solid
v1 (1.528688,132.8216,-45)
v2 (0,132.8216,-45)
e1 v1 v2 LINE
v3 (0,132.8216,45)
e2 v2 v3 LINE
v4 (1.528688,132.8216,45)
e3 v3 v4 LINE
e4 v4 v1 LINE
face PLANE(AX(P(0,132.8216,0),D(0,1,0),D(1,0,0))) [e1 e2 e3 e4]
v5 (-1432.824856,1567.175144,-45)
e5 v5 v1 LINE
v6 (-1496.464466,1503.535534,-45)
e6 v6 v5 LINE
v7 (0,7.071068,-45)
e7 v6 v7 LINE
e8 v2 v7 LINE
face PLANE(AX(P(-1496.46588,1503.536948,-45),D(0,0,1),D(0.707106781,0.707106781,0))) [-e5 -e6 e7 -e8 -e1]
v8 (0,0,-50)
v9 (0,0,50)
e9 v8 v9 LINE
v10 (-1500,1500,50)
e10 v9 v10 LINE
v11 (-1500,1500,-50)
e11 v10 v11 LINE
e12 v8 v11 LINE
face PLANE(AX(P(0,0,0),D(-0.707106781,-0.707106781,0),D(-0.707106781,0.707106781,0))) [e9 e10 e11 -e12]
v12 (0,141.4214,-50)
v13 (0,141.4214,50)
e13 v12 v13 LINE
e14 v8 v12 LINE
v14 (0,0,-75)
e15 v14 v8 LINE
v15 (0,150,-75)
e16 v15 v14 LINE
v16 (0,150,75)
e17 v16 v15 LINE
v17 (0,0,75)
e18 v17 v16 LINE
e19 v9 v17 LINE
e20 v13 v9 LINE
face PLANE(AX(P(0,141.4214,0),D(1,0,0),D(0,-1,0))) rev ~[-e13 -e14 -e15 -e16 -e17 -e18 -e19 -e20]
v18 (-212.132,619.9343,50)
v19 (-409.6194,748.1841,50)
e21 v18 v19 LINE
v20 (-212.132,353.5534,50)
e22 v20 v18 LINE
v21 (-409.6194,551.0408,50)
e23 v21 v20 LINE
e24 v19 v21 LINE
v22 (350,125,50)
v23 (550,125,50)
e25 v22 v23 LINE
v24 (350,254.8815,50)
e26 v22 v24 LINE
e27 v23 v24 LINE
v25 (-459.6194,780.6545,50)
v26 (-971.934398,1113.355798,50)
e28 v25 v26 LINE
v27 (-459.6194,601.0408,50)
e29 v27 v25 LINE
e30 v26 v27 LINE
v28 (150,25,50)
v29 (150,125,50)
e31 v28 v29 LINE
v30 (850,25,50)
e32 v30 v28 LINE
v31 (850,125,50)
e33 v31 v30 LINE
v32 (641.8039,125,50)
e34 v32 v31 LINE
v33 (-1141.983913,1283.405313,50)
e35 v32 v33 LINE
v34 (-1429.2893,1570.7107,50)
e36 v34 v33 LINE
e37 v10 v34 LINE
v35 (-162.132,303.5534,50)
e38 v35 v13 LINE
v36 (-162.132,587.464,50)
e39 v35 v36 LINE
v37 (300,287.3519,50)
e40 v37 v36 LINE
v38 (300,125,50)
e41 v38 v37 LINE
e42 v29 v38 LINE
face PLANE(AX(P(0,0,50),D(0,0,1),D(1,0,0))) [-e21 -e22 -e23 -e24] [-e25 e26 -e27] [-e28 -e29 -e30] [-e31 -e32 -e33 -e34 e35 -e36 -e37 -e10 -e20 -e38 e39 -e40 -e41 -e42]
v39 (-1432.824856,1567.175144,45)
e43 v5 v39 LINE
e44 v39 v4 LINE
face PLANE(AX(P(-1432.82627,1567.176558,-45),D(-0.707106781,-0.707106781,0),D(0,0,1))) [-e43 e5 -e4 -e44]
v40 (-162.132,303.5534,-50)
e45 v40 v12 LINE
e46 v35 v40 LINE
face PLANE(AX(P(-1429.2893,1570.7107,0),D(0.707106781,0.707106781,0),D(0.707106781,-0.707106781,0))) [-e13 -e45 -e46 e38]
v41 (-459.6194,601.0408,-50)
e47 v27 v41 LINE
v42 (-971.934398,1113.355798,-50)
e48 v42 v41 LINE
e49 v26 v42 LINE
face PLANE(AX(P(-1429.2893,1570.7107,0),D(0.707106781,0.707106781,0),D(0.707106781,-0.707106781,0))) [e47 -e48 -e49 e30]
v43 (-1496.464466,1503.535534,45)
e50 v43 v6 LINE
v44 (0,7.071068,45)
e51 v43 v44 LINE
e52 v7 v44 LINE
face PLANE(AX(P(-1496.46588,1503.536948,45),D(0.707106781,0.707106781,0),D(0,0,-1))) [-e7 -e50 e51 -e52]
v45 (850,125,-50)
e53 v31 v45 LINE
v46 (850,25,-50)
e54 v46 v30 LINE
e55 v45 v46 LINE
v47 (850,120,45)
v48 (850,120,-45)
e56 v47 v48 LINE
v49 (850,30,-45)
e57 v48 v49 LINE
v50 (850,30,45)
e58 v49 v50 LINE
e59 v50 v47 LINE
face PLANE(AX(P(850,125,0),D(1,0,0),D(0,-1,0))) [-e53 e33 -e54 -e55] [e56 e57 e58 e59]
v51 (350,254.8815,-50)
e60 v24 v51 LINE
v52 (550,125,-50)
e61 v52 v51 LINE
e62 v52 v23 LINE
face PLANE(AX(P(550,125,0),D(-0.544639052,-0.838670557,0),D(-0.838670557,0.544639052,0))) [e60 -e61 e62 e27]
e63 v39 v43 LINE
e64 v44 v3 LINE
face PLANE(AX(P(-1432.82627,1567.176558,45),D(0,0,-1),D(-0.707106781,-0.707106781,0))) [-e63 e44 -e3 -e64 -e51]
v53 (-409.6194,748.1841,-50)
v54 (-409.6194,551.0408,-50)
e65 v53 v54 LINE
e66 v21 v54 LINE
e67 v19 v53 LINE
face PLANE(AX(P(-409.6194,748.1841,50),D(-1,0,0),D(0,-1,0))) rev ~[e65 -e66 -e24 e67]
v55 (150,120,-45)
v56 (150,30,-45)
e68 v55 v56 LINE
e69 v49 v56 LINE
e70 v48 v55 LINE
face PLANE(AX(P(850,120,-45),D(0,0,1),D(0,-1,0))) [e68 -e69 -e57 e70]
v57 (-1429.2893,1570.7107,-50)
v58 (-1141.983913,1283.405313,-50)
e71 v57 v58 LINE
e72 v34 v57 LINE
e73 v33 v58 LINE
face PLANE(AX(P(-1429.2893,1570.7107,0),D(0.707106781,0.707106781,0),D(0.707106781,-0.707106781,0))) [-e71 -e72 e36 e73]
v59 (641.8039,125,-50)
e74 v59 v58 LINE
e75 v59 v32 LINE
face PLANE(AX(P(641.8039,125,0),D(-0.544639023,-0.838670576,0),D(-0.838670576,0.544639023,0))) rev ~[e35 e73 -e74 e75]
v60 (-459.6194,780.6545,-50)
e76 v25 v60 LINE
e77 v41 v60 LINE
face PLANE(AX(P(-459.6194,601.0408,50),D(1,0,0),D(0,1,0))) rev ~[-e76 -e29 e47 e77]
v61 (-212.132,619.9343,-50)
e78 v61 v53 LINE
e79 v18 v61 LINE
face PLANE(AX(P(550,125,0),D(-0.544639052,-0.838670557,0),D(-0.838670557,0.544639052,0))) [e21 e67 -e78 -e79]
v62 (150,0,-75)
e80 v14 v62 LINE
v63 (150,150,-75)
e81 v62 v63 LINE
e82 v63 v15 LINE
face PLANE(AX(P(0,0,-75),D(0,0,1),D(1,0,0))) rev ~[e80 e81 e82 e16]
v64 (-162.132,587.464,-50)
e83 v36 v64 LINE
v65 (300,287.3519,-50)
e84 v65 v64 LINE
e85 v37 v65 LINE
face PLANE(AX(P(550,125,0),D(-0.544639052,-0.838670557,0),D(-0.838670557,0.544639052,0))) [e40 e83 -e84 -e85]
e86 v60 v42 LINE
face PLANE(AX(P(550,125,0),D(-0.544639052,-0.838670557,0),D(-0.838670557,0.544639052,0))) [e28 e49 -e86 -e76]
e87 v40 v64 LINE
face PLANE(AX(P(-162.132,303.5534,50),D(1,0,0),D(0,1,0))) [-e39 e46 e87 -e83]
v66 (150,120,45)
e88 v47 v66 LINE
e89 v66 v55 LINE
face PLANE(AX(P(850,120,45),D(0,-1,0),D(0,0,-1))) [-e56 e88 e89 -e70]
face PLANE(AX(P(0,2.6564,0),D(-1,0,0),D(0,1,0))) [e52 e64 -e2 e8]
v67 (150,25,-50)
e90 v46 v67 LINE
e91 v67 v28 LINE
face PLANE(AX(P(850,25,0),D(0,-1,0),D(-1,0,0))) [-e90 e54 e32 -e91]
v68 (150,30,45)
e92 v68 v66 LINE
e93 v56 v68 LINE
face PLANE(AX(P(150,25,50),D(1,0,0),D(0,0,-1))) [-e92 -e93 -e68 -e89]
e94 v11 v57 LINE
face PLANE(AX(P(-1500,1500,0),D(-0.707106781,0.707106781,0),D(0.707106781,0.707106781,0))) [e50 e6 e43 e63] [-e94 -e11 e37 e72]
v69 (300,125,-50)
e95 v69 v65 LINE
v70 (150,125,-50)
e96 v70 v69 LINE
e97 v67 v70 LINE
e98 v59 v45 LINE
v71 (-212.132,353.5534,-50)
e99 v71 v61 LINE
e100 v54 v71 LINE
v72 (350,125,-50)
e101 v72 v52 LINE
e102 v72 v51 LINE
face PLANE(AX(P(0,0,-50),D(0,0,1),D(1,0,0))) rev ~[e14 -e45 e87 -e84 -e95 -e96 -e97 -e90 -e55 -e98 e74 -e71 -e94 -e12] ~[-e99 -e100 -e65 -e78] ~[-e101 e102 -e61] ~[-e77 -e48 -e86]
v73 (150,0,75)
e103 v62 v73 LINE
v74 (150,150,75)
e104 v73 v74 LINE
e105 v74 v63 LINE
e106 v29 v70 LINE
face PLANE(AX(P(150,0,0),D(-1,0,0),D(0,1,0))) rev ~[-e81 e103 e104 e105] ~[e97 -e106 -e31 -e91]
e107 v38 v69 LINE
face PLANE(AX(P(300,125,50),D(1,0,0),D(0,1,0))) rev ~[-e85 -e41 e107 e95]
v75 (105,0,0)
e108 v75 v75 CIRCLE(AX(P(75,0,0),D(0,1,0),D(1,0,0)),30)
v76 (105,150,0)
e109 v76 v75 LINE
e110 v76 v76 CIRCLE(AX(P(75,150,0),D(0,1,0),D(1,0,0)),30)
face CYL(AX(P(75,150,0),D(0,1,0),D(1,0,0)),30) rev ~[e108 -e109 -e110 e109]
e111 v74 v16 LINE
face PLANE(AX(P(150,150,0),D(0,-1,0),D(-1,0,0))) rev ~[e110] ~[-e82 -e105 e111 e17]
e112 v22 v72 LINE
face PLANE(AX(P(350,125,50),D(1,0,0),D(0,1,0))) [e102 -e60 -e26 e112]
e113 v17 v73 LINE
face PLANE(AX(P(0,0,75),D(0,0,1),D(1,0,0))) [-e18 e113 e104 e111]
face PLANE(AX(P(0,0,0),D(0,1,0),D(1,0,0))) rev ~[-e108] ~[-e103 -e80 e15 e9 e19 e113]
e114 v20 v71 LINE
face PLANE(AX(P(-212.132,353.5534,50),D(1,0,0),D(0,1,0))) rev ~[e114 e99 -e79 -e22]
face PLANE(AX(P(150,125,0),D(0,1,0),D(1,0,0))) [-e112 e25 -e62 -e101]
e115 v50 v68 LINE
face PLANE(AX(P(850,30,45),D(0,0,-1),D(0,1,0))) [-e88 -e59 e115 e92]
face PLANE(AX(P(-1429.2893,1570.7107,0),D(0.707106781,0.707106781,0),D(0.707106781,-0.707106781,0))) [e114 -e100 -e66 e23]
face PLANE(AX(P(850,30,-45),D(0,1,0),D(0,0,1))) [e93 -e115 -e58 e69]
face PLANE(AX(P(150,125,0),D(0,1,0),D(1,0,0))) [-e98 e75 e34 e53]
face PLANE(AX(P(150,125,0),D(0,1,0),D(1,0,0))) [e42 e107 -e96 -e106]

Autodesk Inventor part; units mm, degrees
ref_plane "YZ Plane" through (0, 0, 0) normal (1, 0, 0) x (0, 1, 0)
ref_plane "XZ Plane" through (0, 0, 0) normal (0, 1, 0) x (-1, 0, 0)
ref_plane "XY Plane" through (0, 0, 0) normal (0, 0, 1) x (1, 0, 0)
sketch "Sketch1" plane through (0, 0, 0) normal (0, 0, 1) x (1, 0, 0)
  line L0 (0, 0) -> (150, 0)
  line L1 (150, 0) -> (150, 150)
  line L2 (150, 150) -> (0, 150)
  line L3 (0, 150) -> (0, 0)
  line L4 (0, 0) -> (-1500, 1500)
  line L5 (-1500, 1500) -> (-1429.2893, 1570.7107)
  line L6 (-1429.2893, 1570.7107) -> (0, 141.4214)
  line L7 (0, 141.4214) -> (0, 0)
  line L8 (150, 100) -> (150, 0)
  line L9 (150, 0) -> (150, 125)
  line L10 (150, 125) -> (850, 125)
  line L11 (850, 125) -> (850, 25)
  line L12 (850, 25) -> (150, 25)
  line L13 (150, 25) -> (150, 125)
  dimension "d0" = 150
  dimension "d1" = 150
  dimension "d8" = 1500
  dimension "d9" = 100
  dimension "d12" = 125
  dimension "d13" = 700
  dimension "d14" = 100
extrude "Extrusion3" add sketch "Sketch1" along normal mid plane 150 contours L3 L2 L1 L0
sketch "Sketch3" plane through (0, 0, 0) normal (0, 0, 1) x (1, 0, 0)
  line L0 (0, 0) -> (-1500, 1500)
  line L1 (0, 0) -> (2121.3203, 0) construction
  line L2 (-1500, 1500) -> (-1429.2893, 1570.7107)
  line L3 (-1429.2893, 1570.7107) -> (0, 141.4214)
  line L4 (0, 0) -> (0, 141.4214)
  line L5 (150, 0) -> (150, 125)
  line L6 (150, 125) -> (850, 125)
  line L7 (850, 125) -> (850, 25)
  line L8 (850, 25) -> (150, 25)
  line L9 (150, 25) -> (150, 125)
  dimension "d17" = 135
  dimension "d18" = 1500
  dimension "d19" = 100
  dimension "d20" = 125
  dimension "d21" = 700
  dimension "d22" = 100
extrude "Extrusion4" add sketch "Sketch3" along normal mid plane 100
sketch "Sketch4" plane through (-1500, 1500, -50) normal (-0.7071, 0.7071, 0) x (-0.7071, -0.7071, 0)
  line L0 (-95, 95) -> (-5, 95)
  line L1 (-5, 95) -> (-5, 5)
  line L2 (-5, 5) -> (-95, 5)
  line L3 (-95, 5) -> (-95, 95)
  line L4 (-95, 95) -> (-5, 5) construction
  line L5 (-5, 95) -> (-95, 5) construction
  point P0 (0, 50)
  point P1 (-50, 50)
  dimension "d25" = 90
  dimension "d26" = 90
extrude "Extrusion5" cut sketch "Sketch4" against normal blind 2122.5
sketch "Sketch5" plane through (0, 0, 0) normal (0, 0, 1) x (1, 0, 0)
  line L0 (0, 132.8216) -> (69.0672, 132.8216)
  line L1 (69.0672, 132.8216) -> (69.0672, 2.6564)
  line L2 (69.0672, 2.6564) -> (0, 2.6564)
  line L3 (0, 2.6564) -> (0, 132.8216)
  point P0 (0, 0)
extrude "Extrusion6" add sketch "Sketch5" along normal mid plane 100.5
sketch "Sketch6" plane through (0, 0, 0) normal (0, 0, 1) x (1, 0, 0)
  point P0 (0, 0)
sketch "Sketch7" plane through (0, 150, 75) normal (0, 1, 0) x (1, 0, 0)
  circle A0 centre (75, 75) radius 30
  point P0 (0, 75)
  dimension "d31" = 60
extrude "Extrusion7" cut sketch "Sketch7" against normal blind 340
sketch "Sketch8" plane through (850, 25, 50) normal (1, 0, 0) x (0, 0, -1)
  line L0 (5, 95) -> (95, 95)
  line L1 (95, 95) -> (95, 5)
  line L2 (95, 5) -> (5, 5)
  line L3 (5, 5) -> (5, 95)
  line L4 (5, 95) -> (95, 5) construction
  line L5 (95, 95) -> (5, 5) construction
  point P0 (50, -25)
  point P1 (50, 50)
  dimension "d34" = 90
  dimension "d35" = 90
extrude "Extrusion8" cut sketch "Sketch8" against normal blind 700
sketch "Sketch9" plane through (0, 0, 0) normal (0, 0, 1) x (1, 0, 0)
  point P0 (0, 0)
sketch "Sketch10" plane through (0, 0, 0) normal (0, 0, 1) x (1, 0, 0)
  line L0 (150, 125) -> (550, 125)
  line L1 (550, 125) -> (-971.9923, 1113.3934)
  line L2 (550, 125) -> (2376.4621, 125) construction
  line L3 (550, 125) -> (641.8039, 125)
  line L4 (641.8039, 125) -> (-1142.0421, 1283.4431)
  line L5 (-971.9923, 1113.3934) -> (-1142.0421, 1283.4431)
  line L6 (-971.9923, 1113.3934) -> (-731.5056, 1113.3934) construction
  line L7 (150, 125) -> (300, 125)
  point P0 (0, 0)
  dimension "d41" = 147
  dimension "d42" = 50
  dimension "d43" = 400
  dimension "d44" = 135
  dimension "d45" = 150
extrude "Extrusion9" add sketch "Sketch10" along normal mid plane 100
sketch "Sketch11" plane through (0, 0, 50) normal (0, 0, 1) x (1, 0, 0)
  line L0 (0, 141.4214) -> (-971.9344, 1113.3558) projected
  line L1 (-971.9344, 1113.3558) -> (550, 125) projected
  line L2 (550, 125) -> (150, 125) projected
  line L3 (150, 125) -> (300, 125)
  line L4 (300, 125) -> (300, 287.3519)
  line L5 (300, 125) -> (350, 125)
  line L6 (350, 125) -> (350, 254.8815)
  line L7 (300, 287.3519) -> (350, 254.8815)
  line L8 (305, 130) -> (305, 278.143)
  line L9 (0, 141.4214) -> (-212.132, 353.5534)
  line L10 (-212.132, 353.5534) -> (-247.4874, 388.9087)
  line L11 (-93.5014, 542.8947) -> (-50.6311, 515.0544)
  line L12 (0, 141.4214) -> (-459.6194, 601.0408)
  line L13 (-459.6194, 601.0408) -> (-494.9747, 636.3961)
  line L14 (-212.132, 353.5534) -> (-212.132, 619.9343)
  line L15 (-162.132, 303.5534) -> (-162.132, 587.464)
  line L16 (-212.132, 353.5534) -> (-175.196, 316.6173)
  line L17 (-212.132, 619.9343) -> (-162.132, 587.464)
  line L18 (-459.6194, 601.0408) -> (-459.6194, 780.6545)
  line L19 (-409.6194, 748.1841) -> (-409.6194, 551.0408)
  line L20 (-409.6194, 551.0408) -> (-459.6194, 601.0408)
  line L21 (-409.6194, 551.0408) -> (-459.6194, 601.0408)
  line L22 (-459.6194, 601.0408) -> (-409.6194, 551.0408)
  line L23 (-459.6194, 780.6545) -> (-409.6194, 748.1841)
  dimension "d48" = 150
  dimension "d49" = 50
  dimension "d51" = 300
  dimension "d52" = 50
  dimension "d54" = 650
  dimension "d55" = 50
  dimension "d71" = 50
  dimension "d72" = 50
sketch "Sketch13" plane through (0, 0, 50) normal (0, 0, 1) x (1, 0, 0)
  line L0 (-314.5783, 746.0819) -> (-298.0455, 762.6147) projected
  line L1 (-333.4008, 797.97) -> (-298.0455, 762.6147) projected
  line L2 (-357.4486, 773.9222) -> (-333.4008, 797.97) projected
  line L3 (-971.9344, 1113.3558) -> (550, 125) projected
  line L4 (-314.5783, 746.0819) -> (-357.4486, 773.9222)
  line L5 (-333.4008, 797.97) -> (-298.0455, 762.6147)
  line L6 (-298.0455, 762.6147) -> (-314.5783, 746.0819)
  line L7 (-333.4008, 797.97) -> (-357.4486, 773.9222)
  point P0 (-393.5938, 737.777)
extrude "Extrusion11" cut sketch "Sketch13" against normal blind 228.5
sketch "Sketch16" plane through (0, 0, 0) normal (0, 0, 1) x (1, 0, 0)
  point P0 (0, 0)
extrude "Extrusion13" add sketch "Sketch11" against normal blind 100 contours L1 L6 L2 L4 | L0 L14 L1 L15 | L19 L0 L18 L1
properties part number "kepala baru" material "Steel, Mild"
